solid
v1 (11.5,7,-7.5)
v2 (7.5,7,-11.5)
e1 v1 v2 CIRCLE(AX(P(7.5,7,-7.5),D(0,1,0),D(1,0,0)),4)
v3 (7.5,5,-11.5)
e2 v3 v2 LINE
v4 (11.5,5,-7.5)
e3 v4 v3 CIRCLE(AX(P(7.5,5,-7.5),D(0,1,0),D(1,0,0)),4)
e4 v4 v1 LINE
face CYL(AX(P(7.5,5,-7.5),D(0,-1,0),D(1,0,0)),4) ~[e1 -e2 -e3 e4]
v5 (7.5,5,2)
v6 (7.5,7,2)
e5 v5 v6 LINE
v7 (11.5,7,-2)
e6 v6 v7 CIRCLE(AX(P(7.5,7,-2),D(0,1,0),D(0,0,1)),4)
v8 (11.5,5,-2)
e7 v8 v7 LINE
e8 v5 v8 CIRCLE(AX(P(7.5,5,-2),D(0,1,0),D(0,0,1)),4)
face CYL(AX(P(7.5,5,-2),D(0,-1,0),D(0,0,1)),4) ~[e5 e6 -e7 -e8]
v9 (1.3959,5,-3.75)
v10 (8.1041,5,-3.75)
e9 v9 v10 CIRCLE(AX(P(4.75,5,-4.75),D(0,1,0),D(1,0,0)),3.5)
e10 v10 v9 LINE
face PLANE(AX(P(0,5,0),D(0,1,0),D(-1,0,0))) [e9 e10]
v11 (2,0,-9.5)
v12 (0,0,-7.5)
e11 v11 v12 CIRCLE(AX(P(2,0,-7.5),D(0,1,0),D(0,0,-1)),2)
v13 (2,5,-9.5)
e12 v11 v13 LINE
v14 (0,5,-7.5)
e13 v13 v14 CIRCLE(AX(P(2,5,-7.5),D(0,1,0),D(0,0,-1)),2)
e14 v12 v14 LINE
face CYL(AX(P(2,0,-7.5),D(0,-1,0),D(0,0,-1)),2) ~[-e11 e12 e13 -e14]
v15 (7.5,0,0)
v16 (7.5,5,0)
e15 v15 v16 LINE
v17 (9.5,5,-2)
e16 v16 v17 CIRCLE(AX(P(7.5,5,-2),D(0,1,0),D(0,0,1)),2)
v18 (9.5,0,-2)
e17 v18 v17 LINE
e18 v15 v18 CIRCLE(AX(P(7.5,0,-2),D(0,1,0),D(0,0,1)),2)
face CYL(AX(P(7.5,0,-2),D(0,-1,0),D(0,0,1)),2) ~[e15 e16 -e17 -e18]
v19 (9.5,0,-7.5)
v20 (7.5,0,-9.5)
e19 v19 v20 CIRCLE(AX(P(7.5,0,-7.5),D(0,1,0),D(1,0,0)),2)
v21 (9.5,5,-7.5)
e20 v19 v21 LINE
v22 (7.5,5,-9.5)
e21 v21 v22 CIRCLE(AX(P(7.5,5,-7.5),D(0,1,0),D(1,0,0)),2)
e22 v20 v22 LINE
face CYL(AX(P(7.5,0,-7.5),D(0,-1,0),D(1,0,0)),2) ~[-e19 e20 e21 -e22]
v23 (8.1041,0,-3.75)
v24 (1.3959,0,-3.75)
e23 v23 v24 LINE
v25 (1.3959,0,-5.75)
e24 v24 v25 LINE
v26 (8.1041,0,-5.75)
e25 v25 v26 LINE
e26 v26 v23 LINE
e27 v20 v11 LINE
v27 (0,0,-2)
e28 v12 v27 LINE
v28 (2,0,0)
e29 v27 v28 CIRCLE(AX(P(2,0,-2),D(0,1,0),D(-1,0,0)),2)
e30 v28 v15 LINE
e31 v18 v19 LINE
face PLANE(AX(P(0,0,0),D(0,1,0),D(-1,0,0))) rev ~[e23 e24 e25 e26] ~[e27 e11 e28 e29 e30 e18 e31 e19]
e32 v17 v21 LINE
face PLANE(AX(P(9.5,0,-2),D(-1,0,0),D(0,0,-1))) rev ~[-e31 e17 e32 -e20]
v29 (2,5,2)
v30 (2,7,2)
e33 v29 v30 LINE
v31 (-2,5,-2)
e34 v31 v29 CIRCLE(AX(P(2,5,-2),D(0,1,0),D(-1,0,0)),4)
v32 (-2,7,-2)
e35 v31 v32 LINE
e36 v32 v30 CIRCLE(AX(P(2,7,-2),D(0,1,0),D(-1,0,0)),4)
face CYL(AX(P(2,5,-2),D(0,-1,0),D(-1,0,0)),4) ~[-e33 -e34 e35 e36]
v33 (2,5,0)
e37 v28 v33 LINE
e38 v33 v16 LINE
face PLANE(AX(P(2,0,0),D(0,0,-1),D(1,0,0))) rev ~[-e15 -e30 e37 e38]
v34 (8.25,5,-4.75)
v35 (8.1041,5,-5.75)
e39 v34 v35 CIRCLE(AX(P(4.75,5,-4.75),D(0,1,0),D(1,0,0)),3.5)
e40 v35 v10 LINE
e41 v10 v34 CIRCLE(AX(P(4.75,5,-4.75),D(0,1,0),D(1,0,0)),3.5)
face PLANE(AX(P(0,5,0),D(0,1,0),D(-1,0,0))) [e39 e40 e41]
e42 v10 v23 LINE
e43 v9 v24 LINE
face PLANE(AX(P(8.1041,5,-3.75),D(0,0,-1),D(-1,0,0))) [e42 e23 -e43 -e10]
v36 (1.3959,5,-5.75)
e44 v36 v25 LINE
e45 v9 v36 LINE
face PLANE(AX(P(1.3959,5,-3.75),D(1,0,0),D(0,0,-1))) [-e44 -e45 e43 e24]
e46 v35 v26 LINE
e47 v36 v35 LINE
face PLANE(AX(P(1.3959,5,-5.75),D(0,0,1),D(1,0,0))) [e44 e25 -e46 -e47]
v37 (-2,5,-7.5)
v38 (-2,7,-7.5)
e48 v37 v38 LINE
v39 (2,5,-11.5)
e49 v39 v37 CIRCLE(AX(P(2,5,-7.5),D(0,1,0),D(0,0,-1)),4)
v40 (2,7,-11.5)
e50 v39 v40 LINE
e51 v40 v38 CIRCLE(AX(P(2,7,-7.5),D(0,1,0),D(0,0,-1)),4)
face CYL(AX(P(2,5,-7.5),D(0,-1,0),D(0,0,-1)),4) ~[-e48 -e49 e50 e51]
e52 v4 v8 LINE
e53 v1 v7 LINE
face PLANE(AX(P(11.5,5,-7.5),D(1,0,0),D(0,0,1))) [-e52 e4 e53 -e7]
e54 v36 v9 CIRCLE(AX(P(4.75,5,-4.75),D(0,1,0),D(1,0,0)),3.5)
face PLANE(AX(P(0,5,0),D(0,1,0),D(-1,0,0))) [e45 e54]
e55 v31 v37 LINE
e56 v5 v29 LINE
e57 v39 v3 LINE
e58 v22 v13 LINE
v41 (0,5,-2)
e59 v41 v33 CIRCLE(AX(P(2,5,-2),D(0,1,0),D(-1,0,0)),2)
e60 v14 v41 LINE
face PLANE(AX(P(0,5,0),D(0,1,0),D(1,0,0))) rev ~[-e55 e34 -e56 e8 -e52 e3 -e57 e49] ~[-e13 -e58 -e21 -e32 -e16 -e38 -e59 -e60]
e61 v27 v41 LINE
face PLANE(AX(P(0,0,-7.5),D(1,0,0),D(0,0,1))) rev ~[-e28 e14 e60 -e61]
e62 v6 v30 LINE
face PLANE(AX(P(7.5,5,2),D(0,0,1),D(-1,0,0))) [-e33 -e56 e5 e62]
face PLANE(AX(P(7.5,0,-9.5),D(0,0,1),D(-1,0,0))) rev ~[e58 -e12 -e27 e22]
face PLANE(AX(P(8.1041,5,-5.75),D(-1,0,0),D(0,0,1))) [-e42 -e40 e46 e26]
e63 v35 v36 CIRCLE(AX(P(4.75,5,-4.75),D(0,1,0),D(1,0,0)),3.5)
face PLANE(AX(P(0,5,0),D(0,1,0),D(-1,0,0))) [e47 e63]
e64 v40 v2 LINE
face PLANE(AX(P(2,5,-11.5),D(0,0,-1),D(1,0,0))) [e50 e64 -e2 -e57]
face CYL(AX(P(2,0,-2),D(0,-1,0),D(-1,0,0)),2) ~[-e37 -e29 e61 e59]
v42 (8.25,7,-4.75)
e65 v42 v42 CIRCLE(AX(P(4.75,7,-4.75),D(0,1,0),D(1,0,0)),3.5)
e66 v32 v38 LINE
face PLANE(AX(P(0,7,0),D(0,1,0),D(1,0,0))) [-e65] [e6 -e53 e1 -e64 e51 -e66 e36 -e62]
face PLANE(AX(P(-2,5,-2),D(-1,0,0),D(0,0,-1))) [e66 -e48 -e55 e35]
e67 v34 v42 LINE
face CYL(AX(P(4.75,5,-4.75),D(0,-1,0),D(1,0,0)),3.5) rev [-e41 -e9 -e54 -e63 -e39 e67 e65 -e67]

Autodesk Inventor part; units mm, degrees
ref_plane "YZ Plane" through (0, 0, 0) normal (1, 0, 0) x (0, 1, 0)
ref_plane "XZ Plane" through (0, 0, 0) normal (0, 1, 0) x (-1, 0, 0)
ref_plane "XY Plane" through (0, 0, 0) normal (0, 0, 1) x (1, 0, 0)
sketch "Skizze1" plane through (0, 0, 0) normal (0, 1, 0) x (-1, 0, 0)
  line L0 (-2, 0) -> (-7.5, 0)
  line L1 (-9.5, -2) -> (-9.5, -7.5)
  line L2 (-7.5, -9.5) -> (-2, -9.5)
  line L3 (0, -7.5) -> (0, -2)
  arc A0 (-2, -9.5) -> (0, -7.5) centre (-2, -7.5) ccw
  arc A1 (-9.5, -7.5) -> (-7.5, -9.5) centre (-7.5, -7.5) ccw
  arc A2 (-7.5, 0) -> (-9.5, -2) centre (-7.5, -2) ccw
  arc A3 (0, -2) -> (-2, 0) centre (-2, -2) ccw
  point P0 (0, 0)
  point P1 (-9.5, -9.5)
  point P2 (-9.5, 0)
  point P3 (0, -9.5)
  dimension "d0" = 9.5
  dimension "d1" = 9.5
  dimension "d2" = 2
extrude "Extrusion1" add sketch "Skizze1" along normal blind 5
sketch "Skizze2" plane through (0, 5, 0) normal (0, 1, 0) x (1, 0, 0)
  arc A0 (7.5, 0) -> (9.5, 2) centre (7.5, 2) ccw projected
  line L0 (9.5, 2) -> (9.5, 7.5) projected
  arc A1 (9.5, 7.5) -> (7.5, 9.5) centre (7.5, 7.5) ccw projected
  line L1 (7.5, 9.5) -> (2, 9.5) projected
  arc A2 (2, 9.5) -> (0, 7.5) centre (2, 7.5) ccw projected
  line L2 (0, 7.5) -> (0, 2) projected
  arc A3 (0, 2) -> (2, 0) centre (2, 2) ccw projected
  line L3 (2, 0) -> (7.5, 0) projected
  circle A4 centre (4.75, 4.75) radius 3.5
  line L4 (9.5, 2) -> (9.5, 7.5) projected
  arc A5 (7.5, -2) -> (11.5, 2) centre (7.5, 2) ccw
  line L5 (7.5, -2) -> (2, -2)
  arc A6 (-2, 2) -> (2, -2) centre (2, 2) ccw
  line L6 (-2, 2) -> (-2, 7.5)
  arc A7 (2, 11.5) -> (-2, 7.5) centre (2, 7.5) ccw
  line L7 (2, 11.5) -> (7.5, 11.5)
  arc A8 (11.5, 7.5) -> (7.5, 11.5) centre (7.5, 7.5) ccw
  line L8 (11.5, 7.5) -> (11.5, 2)
  point P0 (0, 0)
  point P1 (9.5, 4.75)
  point P2 (4.75, 9.5)
  dimension "d5" = 7
  dimension "d6" = 2
extrude "Extrusion2" add sketch "Skizze2" along normal blind 2 contours L3 A3 L2 A2 L1 A1 L0 A0 | L5 A6 L6 A7 L7 A8 L8 A5
sketch "Skizze3" plane through (4.75, 5, -4.75) normal (0, 1, 0) x (1, 0, 0)
  circle A0 centre (0, 0) radius 3.5 projected
  line L0 (-3.3541, 1) -> (3.3541, 1)
  line L1 (3.3541, 1) -> (3.3541, -1)
  line L2 (3.3541, -1) -> (-3.3541, -1)
  line L3 (-3.3541, -1) -> (-3.3541, 1)
  circle A1 centre (0, 0) radius 3.5 projected
  point P0 (-4.75, -4.75)
  dimension "d9" = 2
extrude "Extrusion3" cut sketch "Skizze3" against normal through all contours L1 L2 L3 L0
properties part number "led_stand"
